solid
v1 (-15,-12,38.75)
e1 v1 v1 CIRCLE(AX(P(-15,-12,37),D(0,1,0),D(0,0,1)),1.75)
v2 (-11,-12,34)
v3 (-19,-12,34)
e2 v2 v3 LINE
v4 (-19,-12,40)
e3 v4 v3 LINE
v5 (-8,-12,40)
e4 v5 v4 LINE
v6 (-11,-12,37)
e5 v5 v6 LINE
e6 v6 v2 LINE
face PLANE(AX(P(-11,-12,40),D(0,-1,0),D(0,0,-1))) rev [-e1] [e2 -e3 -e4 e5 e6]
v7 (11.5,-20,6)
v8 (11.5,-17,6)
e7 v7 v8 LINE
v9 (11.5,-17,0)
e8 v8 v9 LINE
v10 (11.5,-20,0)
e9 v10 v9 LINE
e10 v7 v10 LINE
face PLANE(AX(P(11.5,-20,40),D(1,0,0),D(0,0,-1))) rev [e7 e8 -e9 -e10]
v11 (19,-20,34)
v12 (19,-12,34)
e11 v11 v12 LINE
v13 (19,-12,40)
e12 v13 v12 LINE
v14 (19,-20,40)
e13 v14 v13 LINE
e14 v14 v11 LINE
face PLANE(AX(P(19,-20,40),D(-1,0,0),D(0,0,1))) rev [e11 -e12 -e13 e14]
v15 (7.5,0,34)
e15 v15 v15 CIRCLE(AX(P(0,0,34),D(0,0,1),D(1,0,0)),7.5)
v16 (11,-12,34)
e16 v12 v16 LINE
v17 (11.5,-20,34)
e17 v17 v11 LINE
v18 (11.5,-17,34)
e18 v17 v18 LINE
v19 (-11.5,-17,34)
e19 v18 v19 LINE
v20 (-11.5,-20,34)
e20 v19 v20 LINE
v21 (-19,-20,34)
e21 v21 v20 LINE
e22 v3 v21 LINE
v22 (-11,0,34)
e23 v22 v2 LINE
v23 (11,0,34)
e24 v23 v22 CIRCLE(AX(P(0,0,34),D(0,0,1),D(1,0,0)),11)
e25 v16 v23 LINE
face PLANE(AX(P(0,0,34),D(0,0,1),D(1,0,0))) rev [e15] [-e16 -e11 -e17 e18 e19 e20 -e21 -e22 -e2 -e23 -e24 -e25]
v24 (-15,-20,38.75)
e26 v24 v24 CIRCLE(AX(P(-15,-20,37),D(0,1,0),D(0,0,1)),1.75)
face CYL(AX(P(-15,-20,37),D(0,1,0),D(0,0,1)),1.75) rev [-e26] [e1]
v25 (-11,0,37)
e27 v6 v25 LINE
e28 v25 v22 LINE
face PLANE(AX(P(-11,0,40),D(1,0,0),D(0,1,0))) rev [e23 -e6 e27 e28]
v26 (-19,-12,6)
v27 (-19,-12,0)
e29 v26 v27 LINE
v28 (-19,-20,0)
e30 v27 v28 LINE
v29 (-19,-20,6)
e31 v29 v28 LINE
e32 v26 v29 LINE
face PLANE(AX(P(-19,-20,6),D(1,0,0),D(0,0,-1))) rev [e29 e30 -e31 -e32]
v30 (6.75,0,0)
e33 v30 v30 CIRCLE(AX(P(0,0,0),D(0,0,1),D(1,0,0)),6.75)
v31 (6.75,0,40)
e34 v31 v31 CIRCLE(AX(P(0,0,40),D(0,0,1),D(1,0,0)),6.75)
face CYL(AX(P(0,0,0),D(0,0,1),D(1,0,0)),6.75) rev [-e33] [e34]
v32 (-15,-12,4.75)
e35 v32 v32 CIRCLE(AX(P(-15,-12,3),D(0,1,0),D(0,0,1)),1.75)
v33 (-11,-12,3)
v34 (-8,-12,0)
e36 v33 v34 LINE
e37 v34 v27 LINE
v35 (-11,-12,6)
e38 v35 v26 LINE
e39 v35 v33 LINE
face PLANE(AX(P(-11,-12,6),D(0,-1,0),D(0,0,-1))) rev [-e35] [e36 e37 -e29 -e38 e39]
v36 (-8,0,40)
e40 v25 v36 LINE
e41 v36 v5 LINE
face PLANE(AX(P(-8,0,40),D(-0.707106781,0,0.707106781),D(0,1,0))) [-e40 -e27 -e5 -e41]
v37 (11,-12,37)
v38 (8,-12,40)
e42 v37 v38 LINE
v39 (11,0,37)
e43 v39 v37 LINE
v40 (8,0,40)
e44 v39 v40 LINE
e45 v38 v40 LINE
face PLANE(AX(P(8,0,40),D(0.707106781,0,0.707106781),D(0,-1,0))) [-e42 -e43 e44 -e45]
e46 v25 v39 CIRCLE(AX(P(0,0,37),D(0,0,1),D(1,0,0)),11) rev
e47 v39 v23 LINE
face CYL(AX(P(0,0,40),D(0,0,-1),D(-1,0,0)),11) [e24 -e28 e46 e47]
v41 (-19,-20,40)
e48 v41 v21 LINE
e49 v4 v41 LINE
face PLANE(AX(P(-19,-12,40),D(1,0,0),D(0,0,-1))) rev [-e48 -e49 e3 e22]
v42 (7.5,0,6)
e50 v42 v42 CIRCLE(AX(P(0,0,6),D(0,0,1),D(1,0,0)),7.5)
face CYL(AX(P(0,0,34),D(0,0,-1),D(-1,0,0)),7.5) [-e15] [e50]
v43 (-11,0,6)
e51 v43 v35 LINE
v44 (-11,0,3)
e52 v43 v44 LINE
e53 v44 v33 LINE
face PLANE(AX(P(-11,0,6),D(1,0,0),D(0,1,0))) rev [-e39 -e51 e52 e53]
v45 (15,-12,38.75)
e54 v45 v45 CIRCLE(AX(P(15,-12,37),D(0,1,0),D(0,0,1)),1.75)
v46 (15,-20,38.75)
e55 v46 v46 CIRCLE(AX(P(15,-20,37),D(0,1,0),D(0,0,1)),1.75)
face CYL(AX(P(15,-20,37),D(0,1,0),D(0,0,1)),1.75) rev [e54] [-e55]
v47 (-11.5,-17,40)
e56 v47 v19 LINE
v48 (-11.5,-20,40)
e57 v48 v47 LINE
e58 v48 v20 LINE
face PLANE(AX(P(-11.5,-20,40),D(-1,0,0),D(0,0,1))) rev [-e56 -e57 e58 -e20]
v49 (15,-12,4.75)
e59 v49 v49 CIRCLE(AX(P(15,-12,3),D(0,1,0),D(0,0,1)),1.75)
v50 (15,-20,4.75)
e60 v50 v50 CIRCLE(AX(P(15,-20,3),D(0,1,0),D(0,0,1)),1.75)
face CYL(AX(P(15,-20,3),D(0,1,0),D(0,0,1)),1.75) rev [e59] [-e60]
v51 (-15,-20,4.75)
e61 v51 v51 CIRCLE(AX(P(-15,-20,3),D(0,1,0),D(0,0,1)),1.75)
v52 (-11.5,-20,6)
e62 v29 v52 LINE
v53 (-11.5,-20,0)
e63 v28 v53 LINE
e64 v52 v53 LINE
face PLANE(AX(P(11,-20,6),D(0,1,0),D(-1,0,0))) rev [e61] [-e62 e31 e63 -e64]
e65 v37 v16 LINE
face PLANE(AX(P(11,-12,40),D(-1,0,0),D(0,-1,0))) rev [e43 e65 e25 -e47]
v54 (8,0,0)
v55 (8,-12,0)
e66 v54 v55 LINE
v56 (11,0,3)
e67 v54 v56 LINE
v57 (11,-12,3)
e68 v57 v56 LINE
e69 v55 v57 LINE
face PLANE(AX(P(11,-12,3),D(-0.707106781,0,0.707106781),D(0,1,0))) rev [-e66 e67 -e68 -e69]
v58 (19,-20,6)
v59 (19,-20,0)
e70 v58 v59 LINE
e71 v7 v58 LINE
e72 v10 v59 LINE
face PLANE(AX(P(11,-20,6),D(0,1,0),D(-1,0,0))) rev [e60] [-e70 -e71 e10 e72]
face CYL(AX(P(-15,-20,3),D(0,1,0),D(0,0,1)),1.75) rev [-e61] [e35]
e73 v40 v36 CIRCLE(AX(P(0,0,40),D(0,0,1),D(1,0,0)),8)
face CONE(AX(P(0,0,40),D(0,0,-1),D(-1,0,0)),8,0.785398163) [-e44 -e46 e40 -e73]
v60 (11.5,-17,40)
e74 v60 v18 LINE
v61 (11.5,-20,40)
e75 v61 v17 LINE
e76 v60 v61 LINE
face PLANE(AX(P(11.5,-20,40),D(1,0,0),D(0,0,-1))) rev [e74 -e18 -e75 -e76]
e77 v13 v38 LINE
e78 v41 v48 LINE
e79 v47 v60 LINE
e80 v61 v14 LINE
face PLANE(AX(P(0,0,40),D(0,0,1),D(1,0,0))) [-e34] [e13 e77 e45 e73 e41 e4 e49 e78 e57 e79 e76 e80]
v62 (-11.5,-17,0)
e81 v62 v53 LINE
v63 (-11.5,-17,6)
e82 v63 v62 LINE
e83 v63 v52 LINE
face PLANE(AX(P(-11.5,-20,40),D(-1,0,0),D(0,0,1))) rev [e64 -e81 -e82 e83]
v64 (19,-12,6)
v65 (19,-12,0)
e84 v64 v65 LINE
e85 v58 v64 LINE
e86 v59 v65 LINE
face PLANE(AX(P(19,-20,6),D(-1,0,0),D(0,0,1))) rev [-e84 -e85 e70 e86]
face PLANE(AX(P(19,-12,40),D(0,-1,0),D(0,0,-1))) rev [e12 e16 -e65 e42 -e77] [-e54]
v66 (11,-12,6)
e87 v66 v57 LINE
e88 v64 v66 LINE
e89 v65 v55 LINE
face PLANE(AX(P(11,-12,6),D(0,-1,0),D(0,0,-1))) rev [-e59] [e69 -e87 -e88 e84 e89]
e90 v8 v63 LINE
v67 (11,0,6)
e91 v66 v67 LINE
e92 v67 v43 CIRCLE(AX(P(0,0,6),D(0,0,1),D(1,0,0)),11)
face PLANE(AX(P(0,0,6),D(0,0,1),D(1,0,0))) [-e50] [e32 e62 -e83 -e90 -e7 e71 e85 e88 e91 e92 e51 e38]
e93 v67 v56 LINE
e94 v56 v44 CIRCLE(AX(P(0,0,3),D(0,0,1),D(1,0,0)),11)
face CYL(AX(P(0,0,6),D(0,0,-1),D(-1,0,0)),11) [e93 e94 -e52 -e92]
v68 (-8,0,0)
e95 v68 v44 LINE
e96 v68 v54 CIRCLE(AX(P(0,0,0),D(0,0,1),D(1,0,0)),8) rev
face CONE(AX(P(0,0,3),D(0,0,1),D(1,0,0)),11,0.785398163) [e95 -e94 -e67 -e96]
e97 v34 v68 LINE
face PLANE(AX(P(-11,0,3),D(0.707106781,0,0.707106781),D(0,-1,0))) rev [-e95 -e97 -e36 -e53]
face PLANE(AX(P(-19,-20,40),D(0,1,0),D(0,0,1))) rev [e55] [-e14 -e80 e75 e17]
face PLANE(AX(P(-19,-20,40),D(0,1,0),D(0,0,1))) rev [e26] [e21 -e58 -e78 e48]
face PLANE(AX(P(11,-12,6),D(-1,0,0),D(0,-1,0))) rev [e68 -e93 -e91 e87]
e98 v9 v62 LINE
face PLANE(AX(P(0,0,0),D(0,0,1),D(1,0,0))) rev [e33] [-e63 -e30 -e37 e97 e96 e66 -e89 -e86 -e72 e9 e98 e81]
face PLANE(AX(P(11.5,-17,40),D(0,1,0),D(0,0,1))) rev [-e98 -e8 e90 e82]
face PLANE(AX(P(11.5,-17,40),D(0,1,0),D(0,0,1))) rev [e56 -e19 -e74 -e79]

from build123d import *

# Parameters (mm, degrees)
BOSS_EXTRUDE1_DEPTH     = 6
SKETCH2_R               = 7.5
BOSS_EXTRUDE2_DEPTH     = 28
BOSS_EXTRUDE3_DEPTH     = 6
SKETCH4_R               = 6.75
CUT_EXTRUDE1_DEPTH      = 49.590122453
CUT_EXTRUDE2_DEPTH      = 49.590122453
CUT_EXTRUDE2_DEPTH_BACK = 49.590122453
SKETCH5_W               = 23
SKETCH5_H               = 3
SKETCH6_R               = 1.75
CUT_EXTRUDE3_DEPTH      = 50.899899799
CHAMFER1_SIZE           = 3


with BuildPart() as part:
    # Sketch1 → Boss-Extrude1 (new body)
    with BuildSketch(Plane.XY):
        with BuildLine():
            Line((-11, 0), (-11, -12))
            Line((-11, -12), (-19, -12))
            Line((-19, -12), (-19, -20))
            Line((-19, -20), (-11, -20))
            Line((-11, -20), (11, -20))
            Line((11, -20), (19, -20))
            Line((19, -20), (19, -12))
            Line((19, -12), (11, -12))
            Line((11, -12), (11, 0))
            ThreePointArc((11, 0), (0, 11), (-11, 0))
        make_face()
    extrude(amount=BOSS_EXTRUDE1_DEPTH)

    # Sketch2 → Boss-Extrude2 (add)
    with BuildSketch(Plane.XY.offset(6)):
        Circle(SKETCH2_R)
    extrude(amount=BOSS_EXTRUDE2_DEPTH)

    # Sketch3 → Boss-Extrude3 (add)
    with BuildSketch(Plane.XY.offset(34)):
        with BuildLine():
            Line((-11, 0), (-11, -12))
            Line((-11, -12), (-19, -12))
            Line((-19, -12), (-19, -20))
            Line((-19, -20), (19, -20))
            Line((19, -20), (19, -12))
            Line((19, -12), (11, -12))
            Line((11, -12), (11, 0))
            ThreePointArc((11, 0), (0, 11), (-11, 0))
        make_face()
    extrude(amount=BOSS_EXTRUDE3_DEPTH)

    # Sketch4 → Cut-Extrude1 (cut, through all)
    with BuildSketch(Plane.XY.offset(40)):
        Circle(SKETCH4_R)
    extrude(amount=-CUT_EXTRUDE1_DEPTH, mode=Mode.SUBTRACT)

    # Sketch5 → Cut-Extrude2 (cut, two sides: drawn at the far end of the back side and taken through both)
    with BuildSketch(Plane(origin=(0, 0, 0), x_dir=(-1, 0, 0), z_dir=(0, 0, -1)).offset(-CUT_EXTRUDE2_DEPTH_BACK)):
        with Locations((0, -18.5)):
            Rectangle(SKETCH5_W, SKETCH5_H)
    extrude(amount=CUT_EXTRUDE2_DEPTH + CUT_EXTRUDE2_DEPTH_BACK, mode=Mode.SUBTRACT)

    # Sketch6 → Cut-Extrude3 (cut, through all)
    with BuildSketch(Plane(origin=(0, -12, 0), x_dir=(1, 0, 0), z_dir=(0, 1, 0))):
        with Locations(Location((-15, -3, 0), (0, 0, 270))):
            Circle(SKETCH6_R)
        with Locations(Location((15, -3, 0), (0, 0, 270))):
            Circle(SKETCH6_R)
        with Locations(Location((15, -37, 0), (0, 0, 270))):
            Circle(SKETCH6_R)
        with Locations(Location((-15, -37, 0), (0, 0, 270))):
            Circle(SKETCH6_R)
    extrude(amount=-CUT_EXTRUDE3_DEPTH, mode=Mode.SUBTRACT)

    # Chamfer1
    chamfer1_edges = [part.edges().sort_by_distance(p)[0] for p in [
        (-11, -6, 0),
        (0, 11, 0),
        (11, -6, 0),
        (11, -6, 40),
        (0, 11, 40),
        (-11, -6, 40),
    ]]
    chamfer(chamfer1_edges, length=CHAMFER1_SIZE)


solid = part.part
